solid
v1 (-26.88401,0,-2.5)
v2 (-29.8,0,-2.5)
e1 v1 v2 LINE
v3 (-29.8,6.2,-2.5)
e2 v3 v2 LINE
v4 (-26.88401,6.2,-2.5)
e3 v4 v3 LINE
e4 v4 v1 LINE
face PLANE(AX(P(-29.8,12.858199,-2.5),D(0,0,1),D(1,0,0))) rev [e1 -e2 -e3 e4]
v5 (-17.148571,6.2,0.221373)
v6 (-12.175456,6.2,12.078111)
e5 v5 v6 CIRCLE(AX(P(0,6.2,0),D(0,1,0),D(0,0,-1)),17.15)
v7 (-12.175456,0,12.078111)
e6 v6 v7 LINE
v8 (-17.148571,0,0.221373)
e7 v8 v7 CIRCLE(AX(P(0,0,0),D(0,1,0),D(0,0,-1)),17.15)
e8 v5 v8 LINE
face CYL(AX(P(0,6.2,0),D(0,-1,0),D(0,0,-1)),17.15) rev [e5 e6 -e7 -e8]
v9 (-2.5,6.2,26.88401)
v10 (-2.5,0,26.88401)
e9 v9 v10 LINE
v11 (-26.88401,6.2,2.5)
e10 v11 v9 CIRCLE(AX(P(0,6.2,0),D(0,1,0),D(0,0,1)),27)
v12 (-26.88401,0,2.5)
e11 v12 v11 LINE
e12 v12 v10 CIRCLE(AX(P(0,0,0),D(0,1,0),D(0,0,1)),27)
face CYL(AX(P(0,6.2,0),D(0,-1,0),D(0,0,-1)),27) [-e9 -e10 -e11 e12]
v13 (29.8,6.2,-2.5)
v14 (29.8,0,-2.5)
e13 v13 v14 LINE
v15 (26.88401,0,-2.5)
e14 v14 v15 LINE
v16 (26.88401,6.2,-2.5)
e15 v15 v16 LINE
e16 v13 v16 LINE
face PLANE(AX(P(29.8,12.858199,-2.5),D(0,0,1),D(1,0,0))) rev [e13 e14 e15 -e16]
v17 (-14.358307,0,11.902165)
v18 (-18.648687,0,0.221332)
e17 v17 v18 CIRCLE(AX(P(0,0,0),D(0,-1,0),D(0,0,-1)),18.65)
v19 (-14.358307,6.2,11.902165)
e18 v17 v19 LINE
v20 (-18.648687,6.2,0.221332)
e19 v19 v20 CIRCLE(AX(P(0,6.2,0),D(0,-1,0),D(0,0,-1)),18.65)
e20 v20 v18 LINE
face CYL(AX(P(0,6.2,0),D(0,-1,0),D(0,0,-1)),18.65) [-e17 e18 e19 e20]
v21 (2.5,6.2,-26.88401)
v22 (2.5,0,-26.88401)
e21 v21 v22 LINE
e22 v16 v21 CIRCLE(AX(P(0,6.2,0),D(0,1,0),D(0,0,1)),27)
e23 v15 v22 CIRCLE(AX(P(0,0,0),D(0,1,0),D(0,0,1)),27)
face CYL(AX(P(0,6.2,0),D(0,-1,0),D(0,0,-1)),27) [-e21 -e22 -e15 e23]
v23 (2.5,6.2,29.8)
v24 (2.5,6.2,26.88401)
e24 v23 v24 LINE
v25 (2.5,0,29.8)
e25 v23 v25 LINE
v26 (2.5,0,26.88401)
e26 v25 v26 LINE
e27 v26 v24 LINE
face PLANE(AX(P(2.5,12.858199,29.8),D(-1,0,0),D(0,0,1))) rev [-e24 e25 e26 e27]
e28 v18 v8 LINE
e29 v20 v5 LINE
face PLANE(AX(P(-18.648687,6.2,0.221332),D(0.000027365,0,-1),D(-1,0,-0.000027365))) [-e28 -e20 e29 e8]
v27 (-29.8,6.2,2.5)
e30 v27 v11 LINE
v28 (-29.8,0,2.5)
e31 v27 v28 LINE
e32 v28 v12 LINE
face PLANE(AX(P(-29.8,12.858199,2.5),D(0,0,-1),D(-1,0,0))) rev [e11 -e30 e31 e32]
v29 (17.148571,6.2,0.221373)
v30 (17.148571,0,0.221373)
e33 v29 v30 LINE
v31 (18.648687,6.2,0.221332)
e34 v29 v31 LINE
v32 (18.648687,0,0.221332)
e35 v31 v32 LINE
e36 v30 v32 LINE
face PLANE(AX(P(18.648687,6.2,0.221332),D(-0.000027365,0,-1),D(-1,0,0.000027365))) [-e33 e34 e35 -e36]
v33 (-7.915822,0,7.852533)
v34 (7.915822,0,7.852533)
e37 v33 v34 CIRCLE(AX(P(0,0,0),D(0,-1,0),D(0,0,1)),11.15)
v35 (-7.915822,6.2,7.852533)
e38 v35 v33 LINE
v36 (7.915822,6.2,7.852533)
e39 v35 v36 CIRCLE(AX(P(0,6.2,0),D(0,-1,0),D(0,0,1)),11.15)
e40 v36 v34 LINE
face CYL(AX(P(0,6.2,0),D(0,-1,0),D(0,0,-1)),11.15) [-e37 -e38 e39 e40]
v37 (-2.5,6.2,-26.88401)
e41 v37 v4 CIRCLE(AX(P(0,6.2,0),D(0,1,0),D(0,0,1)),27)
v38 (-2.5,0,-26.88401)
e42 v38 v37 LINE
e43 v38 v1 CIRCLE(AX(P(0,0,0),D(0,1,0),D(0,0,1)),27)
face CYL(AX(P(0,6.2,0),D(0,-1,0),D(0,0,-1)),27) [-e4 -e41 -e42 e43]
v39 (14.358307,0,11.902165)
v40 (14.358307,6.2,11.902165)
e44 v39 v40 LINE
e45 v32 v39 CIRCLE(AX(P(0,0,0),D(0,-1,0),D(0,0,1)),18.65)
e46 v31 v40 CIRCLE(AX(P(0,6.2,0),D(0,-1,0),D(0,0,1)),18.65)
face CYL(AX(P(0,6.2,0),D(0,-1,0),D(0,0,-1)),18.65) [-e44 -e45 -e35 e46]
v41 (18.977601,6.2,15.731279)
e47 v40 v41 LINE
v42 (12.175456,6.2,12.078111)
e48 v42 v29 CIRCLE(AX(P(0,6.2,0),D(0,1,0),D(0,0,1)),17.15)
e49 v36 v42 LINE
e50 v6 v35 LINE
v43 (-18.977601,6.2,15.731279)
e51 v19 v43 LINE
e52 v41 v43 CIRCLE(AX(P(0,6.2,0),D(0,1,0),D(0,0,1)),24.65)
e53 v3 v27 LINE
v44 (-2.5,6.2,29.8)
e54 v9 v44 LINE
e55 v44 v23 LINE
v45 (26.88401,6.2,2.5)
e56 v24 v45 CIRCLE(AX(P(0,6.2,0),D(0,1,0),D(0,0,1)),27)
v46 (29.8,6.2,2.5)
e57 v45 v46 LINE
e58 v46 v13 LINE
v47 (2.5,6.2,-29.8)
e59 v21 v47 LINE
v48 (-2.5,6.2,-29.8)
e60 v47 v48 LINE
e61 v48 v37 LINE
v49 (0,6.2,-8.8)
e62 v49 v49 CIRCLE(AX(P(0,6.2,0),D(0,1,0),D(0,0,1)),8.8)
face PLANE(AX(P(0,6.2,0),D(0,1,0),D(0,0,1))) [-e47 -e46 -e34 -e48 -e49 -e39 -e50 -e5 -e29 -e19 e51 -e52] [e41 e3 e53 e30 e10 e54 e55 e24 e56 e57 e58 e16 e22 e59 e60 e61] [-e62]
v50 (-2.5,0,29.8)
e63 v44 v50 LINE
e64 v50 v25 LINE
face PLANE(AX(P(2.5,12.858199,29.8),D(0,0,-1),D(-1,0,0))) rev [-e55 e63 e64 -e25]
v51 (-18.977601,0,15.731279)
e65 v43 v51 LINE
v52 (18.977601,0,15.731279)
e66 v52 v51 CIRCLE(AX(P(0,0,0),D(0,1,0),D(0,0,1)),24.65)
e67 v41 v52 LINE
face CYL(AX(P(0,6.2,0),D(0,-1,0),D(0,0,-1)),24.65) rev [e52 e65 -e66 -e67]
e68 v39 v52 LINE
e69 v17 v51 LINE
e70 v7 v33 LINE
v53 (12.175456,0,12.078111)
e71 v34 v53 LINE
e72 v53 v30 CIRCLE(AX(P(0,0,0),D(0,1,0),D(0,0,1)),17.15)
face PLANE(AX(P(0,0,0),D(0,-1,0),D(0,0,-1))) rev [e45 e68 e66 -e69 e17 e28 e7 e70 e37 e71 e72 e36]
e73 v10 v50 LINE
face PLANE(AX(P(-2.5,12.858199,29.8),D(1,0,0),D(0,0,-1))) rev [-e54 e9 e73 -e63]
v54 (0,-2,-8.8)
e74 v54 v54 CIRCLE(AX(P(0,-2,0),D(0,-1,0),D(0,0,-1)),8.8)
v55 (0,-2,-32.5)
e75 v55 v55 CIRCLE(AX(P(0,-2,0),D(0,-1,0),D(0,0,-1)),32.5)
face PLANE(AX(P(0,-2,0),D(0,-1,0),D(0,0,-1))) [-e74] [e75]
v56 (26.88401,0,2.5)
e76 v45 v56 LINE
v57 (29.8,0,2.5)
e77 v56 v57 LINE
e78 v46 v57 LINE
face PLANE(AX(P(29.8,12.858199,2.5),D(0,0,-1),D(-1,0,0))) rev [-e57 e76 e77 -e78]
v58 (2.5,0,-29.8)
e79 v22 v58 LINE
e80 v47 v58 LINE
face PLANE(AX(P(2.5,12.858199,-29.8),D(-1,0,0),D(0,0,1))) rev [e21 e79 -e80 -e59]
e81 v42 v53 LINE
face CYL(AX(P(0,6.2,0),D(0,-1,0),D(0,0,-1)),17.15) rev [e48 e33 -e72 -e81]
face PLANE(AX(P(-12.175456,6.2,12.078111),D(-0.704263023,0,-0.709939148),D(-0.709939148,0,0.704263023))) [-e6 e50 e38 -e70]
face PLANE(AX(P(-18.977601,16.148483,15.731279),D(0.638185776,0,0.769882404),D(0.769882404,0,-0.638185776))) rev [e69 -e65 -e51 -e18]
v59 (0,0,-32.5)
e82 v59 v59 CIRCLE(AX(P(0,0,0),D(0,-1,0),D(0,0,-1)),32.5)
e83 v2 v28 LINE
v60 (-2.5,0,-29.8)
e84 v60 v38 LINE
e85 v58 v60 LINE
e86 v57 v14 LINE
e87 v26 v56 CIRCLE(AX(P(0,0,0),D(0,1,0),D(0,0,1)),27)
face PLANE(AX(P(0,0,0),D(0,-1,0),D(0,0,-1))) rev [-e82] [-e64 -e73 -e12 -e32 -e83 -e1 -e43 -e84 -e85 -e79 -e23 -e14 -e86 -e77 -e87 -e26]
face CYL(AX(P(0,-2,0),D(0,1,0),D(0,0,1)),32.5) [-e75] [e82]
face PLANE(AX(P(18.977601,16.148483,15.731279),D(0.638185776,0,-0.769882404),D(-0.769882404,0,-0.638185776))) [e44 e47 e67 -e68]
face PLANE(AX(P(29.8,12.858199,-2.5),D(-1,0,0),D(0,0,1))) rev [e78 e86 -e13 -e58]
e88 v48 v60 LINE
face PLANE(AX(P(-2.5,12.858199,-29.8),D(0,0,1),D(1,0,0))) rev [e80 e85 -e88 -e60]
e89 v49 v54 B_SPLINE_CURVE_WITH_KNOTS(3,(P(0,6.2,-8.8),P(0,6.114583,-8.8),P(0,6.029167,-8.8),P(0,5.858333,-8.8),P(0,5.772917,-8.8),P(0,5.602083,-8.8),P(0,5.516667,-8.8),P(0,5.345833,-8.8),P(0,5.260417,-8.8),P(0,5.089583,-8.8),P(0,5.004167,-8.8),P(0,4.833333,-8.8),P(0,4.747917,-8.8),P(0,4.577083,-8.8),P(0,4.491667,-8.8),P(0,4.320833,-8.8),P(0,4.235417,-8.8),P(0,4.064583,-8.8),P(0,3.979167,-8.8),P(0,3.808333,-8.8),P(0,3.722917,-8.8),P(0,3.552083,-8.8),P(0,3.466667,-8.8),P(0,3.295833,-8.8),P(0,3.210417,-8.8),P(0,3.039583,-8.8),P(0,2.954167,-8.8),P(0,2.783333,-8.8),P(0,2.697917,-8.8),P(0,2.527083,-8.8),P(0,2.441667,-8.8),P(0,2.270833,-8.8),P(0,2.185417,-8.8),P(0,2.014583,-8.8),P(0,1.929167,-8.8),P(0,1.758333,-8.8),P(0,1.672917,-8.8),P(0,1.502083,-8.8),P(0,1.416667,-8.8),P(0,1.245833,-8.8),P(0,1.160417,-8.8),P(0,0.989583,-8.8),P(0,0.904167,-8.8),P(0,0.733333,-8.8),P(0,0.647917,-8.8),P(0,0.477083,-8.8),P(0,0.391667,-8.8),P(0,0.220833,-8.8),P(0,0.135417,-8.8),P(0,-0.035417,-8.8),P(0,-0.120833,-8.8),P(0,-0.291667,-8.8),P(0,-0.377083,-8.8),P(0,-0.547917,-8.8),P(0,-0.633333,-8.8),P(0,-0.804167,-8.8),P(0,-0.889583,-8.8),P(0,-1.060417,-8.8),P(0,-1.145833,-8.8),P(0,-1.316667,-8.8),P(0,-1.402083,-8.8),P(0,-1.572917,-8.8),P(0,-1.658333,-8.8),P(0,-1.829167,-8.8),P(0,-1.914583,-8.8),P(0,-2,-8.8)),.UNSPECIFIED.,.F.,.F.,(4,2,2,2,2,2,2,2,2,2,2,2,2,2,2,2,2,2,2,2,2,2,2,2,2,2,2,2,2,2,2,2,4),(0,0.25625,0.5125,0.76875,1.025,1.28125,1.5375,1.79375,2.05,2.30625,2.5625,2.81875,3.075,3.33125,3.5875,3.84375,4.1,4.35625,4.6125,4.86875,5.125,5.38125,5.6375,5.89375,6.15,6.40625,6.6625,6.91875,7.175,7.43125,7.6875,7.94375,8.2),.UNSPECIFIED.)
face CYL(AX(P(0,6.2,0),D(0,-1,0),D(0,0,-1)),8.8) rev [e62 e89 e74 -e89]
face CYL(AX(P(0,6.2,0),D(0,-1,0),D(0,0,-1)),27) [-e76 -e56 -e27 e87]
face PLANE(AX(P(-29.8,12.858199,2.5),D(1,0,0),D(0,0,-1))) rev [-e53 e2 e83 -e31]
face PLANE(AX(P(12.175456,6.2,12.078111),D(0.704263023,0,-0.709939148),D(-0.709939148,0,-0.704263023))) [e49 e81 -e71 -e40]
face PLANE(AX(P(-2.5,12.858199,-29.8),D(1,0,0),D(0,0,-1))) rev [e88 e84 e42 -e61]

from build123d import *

# Parameters (mm, degrees)
SKETCH1_R           = 27
SKETCH1_R_2         = 8.8
BOSS_EXTRUDE1_DEPTH = 6.2
BOSS_EXTRUDE2_START = 2
SKETCH2_R           = 32.5
SKETCH2_R_2         = 8.8
BOSS_EXTRUDE2_DEPTH = 2
SKETCH3_W           = 5
SKETCH3_H           = 4.39677325
SKETCH3_W_2         = 4.39677325
SKETCH3_H_2         = 5
BOSS_EXTRUDE3_DEPTH = 6.2
BOSS_EXTRUDE4_DEPTH = 6.2


with BuildPart() as part:
    # Sketch1 → Boss-Extrude1 (new body)
    with BuildSketch(Plane(origin=(0, 0, 0), x_dir=(1, 0, 0), z_dir=(0, 1, 0))):
        with Locations(Location((0, 0, 0), (0, 0, 90))):
            Circle(SKETCH1_R)
        with Locations(Location((0, 0, 0), (0, 0, 90))):
            Circle(SKETCH1_R_2, mode=Mode.SUBTRACT)
        with BuildLine():
            Line((-17.5, -17.360083525), (-13.240365112, -13.134505385))
            ThreePointArc((-13.240365112, -13.134505385), (-17.20219229, -7.204656856), (-18.648686612, -0.221331548))
            Line((-18.648686612, -0.221331548), (-17.148571199, -0.221372599))
            ThreePointArc((-17.148571199, -0.221372599), (-15.815189186, -6.633422269), (-12.175456389, -12.07811085))
            Line((-12.175456389, -12.07811085), (-7.915821501, -7.85253271))
            ThreePointArc((-7.915821501, -7.85253271), (0, 11.15), (7.915821501, -7.85253271))
            Line((7.915821501, -7.85253271), (12.175456389, -12.07811085))
            ThreePointArc((12.175456389, -12.07811085), (15.815189186, -6.633422269), (17.148571199, -0.221372599))
            Line((17.148571199, -0.221372599), (18.648686612, -0.221331548))
            ThreePointArc((18.648686612, -0.221331548), (17.20219229, -7.204656856), (13.240365112, -13.134505385))
            Line((13.240365112, -13.134505385), (17.5, -17.360083525))
            ThreePointArc((17.5, -17.360083525), (0, 24.65), (-17.5, -17.360083525))
        make_face(mode=Mode.SUBTRACT)
    extrude(amount=BOSS_EXTRUDE1_DEPTH)

    # Sketch2 → Boss-Extrude2 (add)
    with BuildSketch(Plane.XZ.offset(BOSS_EXTRUDE2_START)):
        with Locations(Location((0, 0, 0), (0, 0, 270))):
            Circle(SKETCH2_R)
        with Locations(Location((0, 0, 0), (0, 0, 270))):
            Circle(SKETCH2_R_2, mode=Mode.SUBTRACT)
    extrude(amount=-BOSS_EXTRUDE2_DEPTH)

    # Sketch3 → Boss-Extrude3 (add)
    with BuildSketch(Plane(origin=(0, 0, 0), x_dir=(1, 0, 0), z_dir=(0, 1, 0))):
        with Locations((0, 27.601613375)):
            Rectangle(SKETCH3_W, SKETCH3_H)
        with Locations((27.601613375, 0)):
            Rectangle(SKETCH3_W_2, SKETCH3_H_2)
        with Locations((0, -27.601613375)):
            Rectangle(SKETCH3_W, SKETCH3_H)
        with Locations((-27.601613375, 0)):
            Rectangle(SKETCH3_W_2, SKETCH3_H_2)
    extrude(amount=BOSS_EXTRUDE3_DEPTH)

    # Sketch5 → Boss-Extrude4 (add)
    with BuildSketch(Plane(origin=(0, 0, 0), x_dir=(1, 0, 0), z_dir=(0, 1, 0))):
        with BuildLine():
            Line((-18.97760125, -15.731279376), (-13.203483223, -10.944886057))
            ThreePointArc((-13.203483223, -10.944886057), (-12.702113744, -11.522968647), (-12.175456389, -12.07811085))
            Line((-12.175456389, -12.07811085), (-17.733930638, -18.204578298))
            Line((-17.733930638, -18.204578298), (-18.97760125, -15.731279376))
        make_face()
    boss_extrude4 = extrude(amount=BOSS_EXTRUDE4_DEPTH)

    # Mirror2: Boss-Extrude4 across plane
    add(boss_extrude4.mirror(Plane(origin=(0, 0, 0), x_dir=(0, 0, 1), z_dir=(1, 0, 0))))


solid = part.part
